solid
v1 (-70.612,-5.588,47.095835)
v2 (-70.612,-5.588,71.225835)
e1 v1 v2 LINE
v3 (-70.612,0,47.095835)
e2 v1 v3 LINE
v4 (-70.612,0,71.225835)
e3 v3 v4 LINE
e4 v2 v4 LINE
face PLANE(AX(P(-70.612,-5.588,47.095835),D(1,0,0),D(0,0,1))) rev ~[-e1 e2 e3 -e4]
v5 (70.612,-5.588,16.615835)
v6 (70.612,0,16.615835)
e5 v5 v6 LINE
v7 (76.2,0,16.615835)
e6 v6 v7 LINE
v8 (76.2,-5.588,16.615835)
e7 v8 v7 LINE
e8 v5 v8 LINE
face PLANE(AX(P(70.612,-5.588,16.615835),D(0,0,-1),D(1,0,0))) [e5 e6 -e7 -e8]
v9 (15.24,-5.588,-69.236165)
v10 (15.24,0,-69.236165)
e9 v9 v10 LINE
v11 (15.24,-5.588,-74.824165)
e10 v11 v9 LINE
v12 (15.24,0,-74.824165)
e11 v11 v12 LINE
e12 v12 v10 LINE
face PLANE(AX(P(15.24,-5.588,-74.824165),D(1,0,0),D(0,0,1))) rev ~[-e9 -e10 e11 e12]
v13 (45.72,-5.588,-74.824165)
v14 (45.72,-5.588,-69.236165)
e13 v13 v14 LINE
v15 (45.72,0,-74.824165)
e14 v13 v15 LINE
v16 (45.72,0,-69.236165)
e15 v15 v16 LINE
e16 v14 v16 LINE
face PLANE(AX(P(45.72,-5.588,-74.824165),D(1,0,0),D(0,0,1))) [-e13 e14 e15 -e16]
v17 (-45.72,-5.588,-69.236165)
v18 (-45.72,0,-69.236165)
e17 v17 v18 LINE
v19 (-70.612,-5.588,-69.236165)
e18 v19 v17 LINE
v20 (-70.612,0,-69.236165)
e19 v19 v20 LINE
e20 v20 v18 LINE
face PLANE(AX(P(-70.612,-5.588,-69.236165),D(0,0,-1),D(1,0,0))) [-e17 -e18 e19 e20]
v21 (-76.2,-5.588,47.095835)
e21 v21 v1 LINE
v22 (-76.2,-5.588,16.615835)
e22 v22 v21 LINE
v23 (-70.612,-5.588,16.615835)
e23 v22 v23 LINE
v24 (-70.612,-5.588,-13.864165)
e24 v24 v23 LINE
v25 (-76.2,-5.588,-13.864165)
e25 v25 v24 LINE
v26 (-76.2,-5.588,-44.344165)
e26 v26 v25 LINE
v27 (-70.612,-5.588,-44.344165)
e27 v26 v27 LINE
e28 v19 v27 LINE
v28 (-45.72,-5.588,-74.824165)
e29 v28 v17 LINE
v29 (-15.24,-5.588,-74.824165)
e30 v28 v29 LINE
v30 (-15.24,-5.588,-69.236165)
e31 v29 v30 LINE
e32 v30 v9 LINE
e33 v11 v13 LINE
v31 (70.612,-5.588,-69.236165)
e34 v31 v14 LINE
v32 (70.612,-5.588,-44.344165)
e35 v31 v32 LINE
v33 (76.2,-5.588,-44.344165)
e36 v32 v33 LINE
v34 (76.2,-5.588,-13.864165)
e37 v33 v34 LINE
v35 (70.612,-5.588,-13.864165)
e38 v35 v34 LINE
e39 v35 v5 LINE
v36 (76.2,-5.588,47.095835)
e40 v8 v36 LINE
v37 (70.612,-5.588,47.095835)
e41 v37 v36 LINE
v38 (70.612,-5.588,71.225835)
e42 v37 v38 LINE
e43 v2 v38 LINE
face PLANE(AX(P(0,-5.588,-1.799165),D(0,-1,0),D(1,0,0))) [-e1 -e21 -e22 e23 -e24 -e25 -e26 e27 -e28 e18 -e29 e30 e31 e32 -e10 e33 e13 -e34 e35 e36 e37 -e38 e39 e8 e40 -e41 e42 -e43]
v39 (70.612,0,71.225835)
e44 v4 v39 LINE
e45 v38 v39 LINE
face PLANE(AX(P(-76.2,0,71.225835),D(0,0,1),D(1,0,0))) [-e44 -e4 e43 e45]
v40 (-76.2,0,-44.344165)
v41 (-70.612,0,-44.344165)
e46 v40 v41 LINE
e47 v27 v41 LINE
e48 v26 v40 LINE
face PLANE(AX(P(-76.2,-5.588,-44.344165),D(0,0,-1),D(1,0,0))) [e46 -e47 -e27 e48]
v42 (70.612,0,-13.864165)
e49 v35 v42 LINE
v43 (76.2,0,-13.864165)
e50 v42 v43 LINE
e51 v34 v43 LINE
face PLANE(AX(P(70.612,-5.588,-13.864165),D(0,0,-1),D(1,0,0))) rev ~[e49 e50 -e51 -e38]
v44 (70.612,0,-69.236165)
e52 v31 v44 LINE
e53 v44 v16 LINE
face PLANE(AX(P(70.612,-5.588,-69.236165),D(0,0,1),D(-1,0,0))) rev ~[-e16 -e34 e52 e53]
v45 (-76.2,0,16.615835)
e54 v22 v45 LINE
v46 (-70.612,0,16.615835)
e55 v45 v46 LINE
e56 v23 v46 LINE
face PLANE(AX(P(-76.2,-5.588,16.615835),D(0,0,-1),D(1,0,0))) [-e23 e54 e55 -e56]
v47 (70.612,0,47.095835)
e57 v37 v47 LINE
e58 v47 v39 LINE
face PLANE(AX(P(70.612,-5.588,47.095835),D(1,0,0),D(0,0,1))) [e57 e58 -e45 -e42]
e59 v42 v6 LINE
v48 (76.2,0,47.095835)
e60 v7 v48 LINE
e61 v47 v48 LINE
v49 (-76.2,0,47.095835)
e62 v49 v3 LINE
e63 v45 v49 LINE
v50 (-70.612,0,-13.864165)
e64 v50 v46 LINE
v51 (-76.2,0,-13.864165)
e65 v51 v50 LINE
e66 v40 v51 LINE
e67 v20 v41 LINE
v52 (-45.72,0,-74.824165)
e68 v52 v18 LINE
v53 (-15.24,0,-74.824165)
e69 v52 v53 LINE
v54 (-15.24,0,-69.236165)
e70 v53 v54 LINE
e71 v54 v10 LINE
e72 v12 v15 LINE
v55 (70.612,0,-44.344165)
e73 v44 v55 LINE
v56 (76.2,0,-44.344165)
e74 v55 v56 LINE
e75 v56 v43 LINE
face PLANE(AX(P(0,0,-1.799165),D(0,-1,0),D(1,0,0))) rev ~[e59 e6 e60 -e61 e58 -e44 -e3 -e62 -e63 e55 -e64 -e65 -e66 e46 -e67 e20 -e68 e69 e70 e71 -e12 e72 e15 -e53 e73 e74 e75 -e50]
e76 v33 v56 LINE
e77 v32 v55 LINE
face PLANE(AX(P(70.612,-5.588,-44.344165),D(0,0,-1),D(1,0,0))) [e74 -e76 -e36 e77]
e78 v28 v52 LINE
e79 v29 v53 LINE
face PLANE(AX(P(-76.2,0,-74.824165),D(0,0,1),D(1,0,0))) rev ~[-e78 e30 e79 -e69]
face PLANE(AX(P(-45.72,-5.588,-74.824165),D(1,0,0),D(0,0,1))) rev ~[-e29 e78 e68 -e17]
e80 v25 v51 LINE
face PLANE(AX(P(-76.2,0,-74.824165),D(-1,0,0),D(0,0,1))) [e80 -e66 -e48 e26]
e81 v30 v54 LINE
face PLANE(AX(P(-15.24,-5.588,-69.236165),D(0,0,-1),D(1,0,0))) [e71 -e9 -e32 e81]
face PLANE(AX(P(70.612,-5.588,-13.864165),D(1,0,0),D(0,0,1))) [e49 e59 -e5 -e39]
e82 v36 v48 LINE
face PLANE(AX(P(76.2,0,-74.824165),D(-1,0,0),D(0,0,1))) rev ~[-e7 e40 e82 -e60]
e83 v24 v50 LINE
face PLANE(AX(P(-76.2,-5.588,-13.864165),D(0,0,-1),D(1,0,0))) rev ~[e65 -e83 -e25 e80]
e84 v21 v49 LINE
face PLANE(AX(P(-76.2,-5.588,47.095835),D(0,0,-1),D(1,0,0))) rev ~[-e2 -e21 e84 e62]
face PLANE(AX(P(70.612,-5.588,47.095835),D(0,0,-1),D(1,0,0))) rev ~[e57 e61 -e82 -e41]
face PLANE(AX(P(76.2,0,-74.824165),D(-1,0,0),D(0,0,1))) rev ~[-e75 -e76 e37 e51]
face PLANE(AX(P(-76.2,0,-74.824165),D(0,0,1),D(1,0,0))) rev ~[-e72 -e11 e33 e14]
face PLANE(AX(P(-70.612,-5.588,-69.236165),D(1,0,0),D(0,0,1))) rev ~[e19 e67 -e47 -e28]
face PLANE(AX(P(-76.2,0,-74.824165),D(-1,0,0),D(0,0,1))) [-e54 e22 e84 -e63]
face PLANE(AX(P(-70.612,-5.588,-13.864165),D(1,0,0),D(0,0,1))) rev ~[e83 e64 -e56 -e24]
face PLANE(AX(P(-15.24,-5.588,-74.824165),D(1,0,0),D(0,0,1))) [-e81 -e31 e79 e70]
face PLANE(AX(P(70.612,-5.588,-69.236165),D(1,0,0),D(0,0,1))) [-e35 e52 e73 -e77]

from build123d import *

# Parameters (mm, degrees)
F0_W     = 152.4
F0_H     = 146.05
F1_DEPTH = 5.588
F2_W     = 5.588
F2_H     = 24.13
F2_H_2   = 30.48
F2_H_3   = 24.892
F2_W_2   = 24.892
F2_H_4   = 5.588
F2_W_3   = 30.48
F3_DEPTH = 5.589


with BuildPart() as f1:
    # F0 (on Front) → F1 (new body)
    with BuildSketch(Plane.XZ):
        with Locations((0, -1.799165)):
            Rectangle(F0_W, F0_H)
    extrude(amount=F1_DEPTH)

    # F2 (on face) → F3 (cut, through all)
    with BuildSketch(Plane.XZ.offset(5.588)):
        with Locations((-73.406, 59.160835)):
            Rectangle(F2_W, F2_H)
        with Locations((-73.406, 1.375835)):
            Rectangle(F2_W, F2_H_2)
        with Locations((-73.406, -56.790165)):
            Rectangle(F2_W, F2_H_3)
        with Locations((-58.166, -72.030165)):
            Rectangle(F2_W_2, F2_H_4)
        with Locations((-73.406, -72.030165)):
            Rectangle(F2_W, F2_H_4)
        with Locations((0, -72.030165)):
            Rectangle(F2_W_3, F2_H_4)
        with Locations((58.166, -72.030165)):
            Rectangle(F2_W_2, F2_H_4)
        with Locations((73.406, -72.030165)):
            Rectangle(F2_W, F2_H_4)
        with Locations((73.406, -56.790165)):
            Rectangle(F2_W, F2_H_3)
        with Locations((73.406, 1.375835)):
            Rectangle(F2_W, F2_H_2)
        with Locations((73.406, 59.160835)):
            Rectangle(F2_W, F2_H)
    extrude(amount=-F3_DEPTH, mode=Mode.SUBTRACT)


solid = f1.part
